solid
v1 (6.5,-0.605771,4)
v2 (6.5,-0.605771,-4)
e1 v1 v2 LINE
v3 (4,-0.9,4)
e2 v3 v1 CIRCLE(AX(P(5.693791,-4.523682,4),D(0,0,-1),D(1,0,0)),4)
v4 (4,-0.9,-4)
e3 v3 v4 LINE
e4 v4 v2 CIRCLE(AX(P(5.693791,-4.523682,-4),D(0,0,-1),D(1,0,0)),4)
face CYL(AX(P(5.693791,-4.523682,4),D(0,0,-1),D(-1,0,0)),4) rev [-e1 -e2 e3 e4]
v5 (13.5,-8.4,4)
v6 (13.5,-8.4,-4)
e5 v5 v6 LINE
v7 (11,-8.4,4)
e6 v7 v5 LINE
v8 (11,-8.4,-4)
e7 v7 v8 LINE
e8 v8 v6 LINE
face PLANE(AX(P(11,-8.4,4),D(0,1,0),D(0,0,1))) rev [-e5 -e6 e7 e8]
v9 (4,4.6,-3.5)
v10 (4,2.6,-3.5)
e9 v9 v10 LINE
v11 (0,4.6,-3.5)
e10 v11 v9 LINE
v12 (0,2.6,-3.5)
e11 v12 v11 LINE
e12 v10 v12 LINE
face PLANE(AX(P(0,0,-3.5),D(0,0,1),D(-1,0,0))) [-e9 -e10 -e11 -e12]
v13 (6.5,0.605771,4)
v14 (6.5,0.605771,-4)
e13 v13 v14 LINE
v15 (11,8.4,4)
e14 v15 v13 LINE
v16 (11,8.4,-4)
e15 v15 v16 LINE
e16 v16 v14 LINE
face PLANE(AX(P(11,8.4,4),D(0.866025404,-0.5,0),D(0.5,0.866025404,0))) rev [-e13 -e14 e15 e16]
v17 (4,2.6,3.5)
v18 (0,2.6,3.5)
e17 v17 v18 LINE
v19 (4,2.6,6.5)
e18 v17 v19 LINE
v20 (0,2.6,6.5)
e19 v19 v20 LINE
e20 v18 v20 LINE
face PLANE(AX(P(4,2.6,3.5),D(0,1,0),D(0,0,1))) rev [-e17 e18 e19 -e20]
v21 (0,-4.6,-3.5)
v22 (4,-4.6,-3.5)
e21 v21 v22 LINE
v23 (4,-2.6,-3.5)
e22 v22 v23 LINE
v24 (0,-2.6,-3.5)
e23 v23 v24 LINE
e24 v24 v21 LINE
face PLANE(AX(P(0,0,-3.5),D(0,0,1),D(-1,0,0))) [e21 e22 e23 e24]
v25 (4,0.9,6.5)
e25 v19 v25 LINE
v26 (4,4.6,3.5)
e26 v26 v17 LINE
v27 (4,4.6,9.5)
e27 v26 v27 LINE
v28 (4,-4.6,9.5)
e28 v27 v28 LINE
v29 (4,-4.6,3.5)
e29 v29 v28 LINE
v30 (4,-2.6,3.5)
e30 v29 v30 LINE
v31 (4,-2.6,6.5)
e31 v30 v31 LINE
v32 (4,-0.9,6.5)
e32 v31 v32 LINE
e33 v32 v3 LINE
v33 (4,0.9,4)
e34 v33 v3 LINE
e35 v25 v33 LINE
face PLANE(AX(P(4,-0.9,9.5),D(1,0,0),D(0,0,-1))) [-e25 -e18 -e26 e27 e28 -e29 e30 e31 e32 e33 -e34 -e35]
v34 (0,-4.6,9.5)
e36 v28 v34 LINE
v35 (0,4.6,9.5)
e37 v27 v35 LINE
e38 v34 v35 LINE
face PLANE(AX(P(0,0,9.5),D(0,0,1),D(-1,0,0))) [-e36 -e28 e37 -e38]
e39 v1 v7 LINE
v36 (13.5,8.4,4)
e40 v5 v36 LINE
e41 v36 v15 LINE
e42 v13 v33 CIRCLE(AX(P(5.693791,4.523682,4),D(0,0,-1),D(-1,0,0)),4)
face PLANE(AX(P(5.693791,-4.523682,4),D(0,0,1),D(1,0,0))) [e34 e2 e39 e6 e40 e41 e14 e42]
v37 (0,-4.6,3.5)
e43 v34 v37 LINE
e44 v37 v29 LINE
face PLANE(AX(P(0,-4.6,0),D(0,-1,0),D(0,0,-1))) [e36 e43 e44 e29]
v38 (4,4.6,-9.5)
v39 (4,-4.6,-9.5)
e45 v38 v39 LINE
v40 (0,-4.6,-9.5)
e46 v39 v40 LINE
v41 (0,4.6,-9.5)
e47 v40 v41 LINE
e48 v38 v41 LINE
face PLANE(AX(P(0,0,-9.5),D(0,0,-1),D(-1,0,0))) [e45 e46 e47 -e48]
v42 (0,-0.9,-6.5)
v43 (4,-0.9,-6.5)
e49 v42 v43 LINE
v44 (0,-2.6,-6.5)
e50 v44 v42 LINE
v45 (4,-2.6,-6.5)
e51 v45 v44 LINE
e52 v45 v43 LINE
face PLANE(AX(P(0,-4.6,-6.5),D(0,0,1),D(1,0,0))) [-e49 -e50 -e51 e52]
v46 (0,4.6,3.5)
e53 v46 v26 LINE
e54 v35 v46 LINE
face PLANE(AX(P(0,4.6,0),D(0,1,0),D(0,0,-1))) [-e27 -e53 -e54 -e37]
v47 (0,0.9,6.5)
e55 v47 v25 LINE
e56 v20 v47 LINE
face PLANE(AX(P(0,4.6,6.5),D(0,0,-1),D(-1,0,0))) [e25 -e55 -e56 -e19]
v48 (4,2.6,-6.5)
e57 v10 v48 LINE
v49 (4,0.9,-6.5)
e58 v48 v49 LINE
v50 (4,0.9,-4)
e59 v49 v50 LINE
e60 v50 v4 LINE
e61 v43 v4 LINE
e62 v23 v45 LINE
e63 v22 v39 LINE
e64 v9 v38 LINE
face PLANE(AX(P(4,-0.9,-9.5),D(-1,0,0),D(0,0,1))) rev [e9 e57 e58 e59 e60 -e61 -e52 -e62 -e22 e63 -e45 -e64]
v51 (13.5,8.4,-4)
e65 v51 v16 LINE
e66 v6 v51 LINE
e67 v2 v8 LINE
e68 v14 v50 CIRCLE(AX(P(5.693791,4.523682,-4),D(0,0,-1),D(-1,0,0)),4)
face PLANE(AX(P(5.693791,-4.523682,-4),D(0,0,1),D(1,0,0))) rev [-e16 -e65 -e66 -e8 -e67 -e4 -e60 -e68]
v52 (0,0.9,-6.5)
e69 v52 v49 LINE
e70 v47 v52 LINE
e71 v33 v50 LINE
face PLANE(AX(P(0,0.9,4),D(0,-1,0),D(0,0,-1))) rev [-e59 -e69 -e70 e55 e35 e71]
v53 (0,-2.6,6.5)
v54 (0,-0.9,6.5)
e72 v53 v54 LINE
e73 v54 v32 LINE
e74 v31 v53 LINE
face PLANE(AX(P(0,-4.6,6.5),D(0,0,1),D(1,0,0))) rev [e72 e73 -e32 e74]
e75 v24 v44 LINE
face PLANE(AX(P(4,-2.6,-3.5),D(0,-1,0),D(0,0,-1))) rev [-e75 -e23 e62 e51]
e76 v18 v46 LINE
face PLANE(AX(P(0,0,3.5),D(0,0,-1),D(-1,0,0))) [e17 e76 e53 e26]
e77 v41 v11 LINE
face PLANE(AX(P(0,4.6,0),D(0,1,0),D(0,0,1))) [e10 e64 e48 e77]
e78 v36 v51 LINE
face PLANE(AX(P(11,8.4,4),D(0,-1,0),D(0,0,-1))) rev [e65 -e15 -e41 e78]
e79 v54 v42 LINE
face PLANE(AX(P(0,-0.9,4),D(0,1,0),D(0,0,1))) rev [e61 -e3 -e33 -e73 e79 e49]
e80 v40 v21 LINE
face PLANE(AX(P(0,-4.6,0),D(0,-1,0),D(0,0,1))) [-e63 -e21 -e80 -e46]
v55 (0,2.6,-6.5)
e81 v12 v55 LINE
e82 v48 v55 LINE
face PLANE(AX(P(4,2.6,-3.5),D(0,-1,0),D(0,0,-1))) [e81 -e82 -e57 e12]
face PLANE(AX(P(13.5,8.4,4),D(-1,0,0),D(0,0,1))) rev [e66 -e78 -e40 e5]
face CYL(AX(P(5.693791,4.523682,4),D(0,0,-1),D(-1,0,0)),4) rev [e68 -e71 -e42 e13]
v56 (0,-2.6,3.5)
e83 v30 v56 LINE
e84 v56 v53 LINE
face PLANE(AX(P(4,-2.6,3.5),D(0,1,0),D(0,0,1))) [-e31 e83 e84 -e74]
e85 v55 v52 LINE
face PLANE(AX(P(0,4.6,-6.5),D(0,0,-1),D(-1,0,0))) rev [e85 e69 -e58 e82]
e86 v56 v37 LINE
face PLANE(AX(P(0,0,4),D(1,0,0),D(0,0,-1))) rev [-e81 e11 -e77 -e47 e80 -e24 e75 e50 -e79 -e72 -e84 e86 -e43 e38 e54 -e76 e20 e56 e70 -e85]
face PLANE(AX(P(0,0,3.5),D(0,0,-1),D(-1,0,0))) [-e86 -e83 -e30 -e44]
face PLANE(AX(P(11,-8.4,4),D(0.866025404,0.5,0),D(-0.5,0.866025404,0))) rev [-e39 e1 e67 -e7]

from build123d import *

# Parameters (mm, degrees)
EXTRUDE_1_DEPTH          = 4
SKETCH_3_W               = 4
SKETCH_3_H               = 1.8
EXTRUDE_2_DEPTH          = 5.5
SKETCH_5_W               = 4
SKETCH_5_H               = 3
EXTRUDE_3_DEPTH          = 3.7
MIRROR_3_COPY_1_SKETCH_W = 4
MIRROR_3_COPY_1_SKETCH_H = 3
MIRROR_3_COPY_1_DEPTH    = 3.7
SKETCH_7_W               = 4
SKETCH_7_H               = 2
EXTRUDE_4_DEPTH          = 3
MIRROR_5_COPY_1_SKETCH_W = 4
MIRROR_5_COPY_1_SKETCH_H = 2
MIRROR_5_COPY_1_DEPTH    = 3


with BuildPart() as part:
    # Эскиз2 → Бобышка-Вытянуть1 (new, symmetric)
    with BuildSketch(Plane.XY):
        with BuildLine():
            Line((0, 0), (0, 0.9))
            Line((0, 0.9), (4, 0.9))
            ThreePointArc((4, 0.9), (5.226251594, 0.551100379), (6.5, 0.605771366))
            Line((6.5, 0.605771366), (11, 8.4))
            Line((11, 8.4), (13.5, 8.4))
            Line((13.5, 8.4), (13.5, -8.4))
            Line((13.5, -8.4), (11, -8.4))
            Line((11, -8.4), (6.5, -0.605771366))
            ThreePointArc((6.5, -0.605771366), (5.226251594, -0.551100379), (4, -0.9))
            Line((4, -0.9), (0, -0.9))
            Line((0, -0.9), (0, 0))
        make_face()
    extrude(amount=EXTRUDE_1_DEPTH, both=True)

    # Эскиз3 → Бобышка-Вытянуть2 (add)
    with BuildSketch(Plane(origin=(0, 0, -4), x_dir=(-1, 0, 0), z_dir=(0, 0, -1))):
        with Locations((-2, 0)):
            Rectangle(SKETCH_3_W, SKETCH_3_H)
    extrude_2 = extrude(amount=EXTRUDE_2_DEPTH)

    # Зеркальное отражение1: Бобышка-Вытянуть2 across plane
    add(extrude_2.mirror(Plane.XY))

    # Эскиз5 → Бобышка-Вытянуть3 (add)
    with BuildSketch(Plane(origin=(0, 0.9, 0), x_dir=(1, 0, 0), z_dir=(0, 1, 0))):
        with Locations((2, 8)):
            Rectangle(SKETCH_5_W, SKETCH_5_H)
    extrude_3 = extrude(amount=EXTRUDE_3_DEPTH)

    # Зеркальное отражение2: Бобышка-Вытянуть3 across plane
    add(extrude_3.mirror(Plane.XY))

    # Зеркальное отражение3: Бобышка-Вытянуть3 across plane
    add(extrude_3.mirror(Plane.ZX))

    # Зеркальное отражение3 copy 1 sketch → Зеркальное отражение3 copy 1 (add)
    with BuildSketch(Plane.XZ.offset(0.9)):
        with Locations((2, 8)):
            Rectangle(MIRROR_3_COPY_1_SKETCH_W, MIRROR_3_COPY_1_SKETCH_H)
    extrude(amount=MIRROR_3_COPY_1_DEPTH)

    # Эскиз7 → Бобышка-Вытянуть4 (add)
    with BuildSketch(Plane(origin=(0, 0, 6.5), x_dir=(-1, 0, 0), z_dir=(0, 0, -1))):
        with Locations((-2, 3.6)):
            Rectangle(SKETCH_7_W, SKETCH_7_H)
    extrude_4 = extrude(amount=EXTRUDE_4_DEPTH)

    # Зеркальное отражение4: Бобышка-Вытянуть4 across plane
    add(extrude_4.mirror(Plane.XY))

    # Зеркальное отражение5: Бобышка-Вытянуть4 across plane
    add(extrude_4.mirror(Plane.ZX))

    # Зеркальное отражение5 copy 1 sketch → Зеркальное отражение5 copy 1 (add)
    with BuildSketch(Plane(origin=(0, 0, -6.5), x_dir=(-1, 0, 0), z_dir=(0, 0, 1))):
        with Locations((-2, 3.6)):
            Rectangle(MIRROR_5_COPY_1_SKETCH_W, MIRROR_5_COPY_1_SKETCH_H)
    extrude(amount=MIRROR_5_COPY_1_DEPTH)


solid = part.part
